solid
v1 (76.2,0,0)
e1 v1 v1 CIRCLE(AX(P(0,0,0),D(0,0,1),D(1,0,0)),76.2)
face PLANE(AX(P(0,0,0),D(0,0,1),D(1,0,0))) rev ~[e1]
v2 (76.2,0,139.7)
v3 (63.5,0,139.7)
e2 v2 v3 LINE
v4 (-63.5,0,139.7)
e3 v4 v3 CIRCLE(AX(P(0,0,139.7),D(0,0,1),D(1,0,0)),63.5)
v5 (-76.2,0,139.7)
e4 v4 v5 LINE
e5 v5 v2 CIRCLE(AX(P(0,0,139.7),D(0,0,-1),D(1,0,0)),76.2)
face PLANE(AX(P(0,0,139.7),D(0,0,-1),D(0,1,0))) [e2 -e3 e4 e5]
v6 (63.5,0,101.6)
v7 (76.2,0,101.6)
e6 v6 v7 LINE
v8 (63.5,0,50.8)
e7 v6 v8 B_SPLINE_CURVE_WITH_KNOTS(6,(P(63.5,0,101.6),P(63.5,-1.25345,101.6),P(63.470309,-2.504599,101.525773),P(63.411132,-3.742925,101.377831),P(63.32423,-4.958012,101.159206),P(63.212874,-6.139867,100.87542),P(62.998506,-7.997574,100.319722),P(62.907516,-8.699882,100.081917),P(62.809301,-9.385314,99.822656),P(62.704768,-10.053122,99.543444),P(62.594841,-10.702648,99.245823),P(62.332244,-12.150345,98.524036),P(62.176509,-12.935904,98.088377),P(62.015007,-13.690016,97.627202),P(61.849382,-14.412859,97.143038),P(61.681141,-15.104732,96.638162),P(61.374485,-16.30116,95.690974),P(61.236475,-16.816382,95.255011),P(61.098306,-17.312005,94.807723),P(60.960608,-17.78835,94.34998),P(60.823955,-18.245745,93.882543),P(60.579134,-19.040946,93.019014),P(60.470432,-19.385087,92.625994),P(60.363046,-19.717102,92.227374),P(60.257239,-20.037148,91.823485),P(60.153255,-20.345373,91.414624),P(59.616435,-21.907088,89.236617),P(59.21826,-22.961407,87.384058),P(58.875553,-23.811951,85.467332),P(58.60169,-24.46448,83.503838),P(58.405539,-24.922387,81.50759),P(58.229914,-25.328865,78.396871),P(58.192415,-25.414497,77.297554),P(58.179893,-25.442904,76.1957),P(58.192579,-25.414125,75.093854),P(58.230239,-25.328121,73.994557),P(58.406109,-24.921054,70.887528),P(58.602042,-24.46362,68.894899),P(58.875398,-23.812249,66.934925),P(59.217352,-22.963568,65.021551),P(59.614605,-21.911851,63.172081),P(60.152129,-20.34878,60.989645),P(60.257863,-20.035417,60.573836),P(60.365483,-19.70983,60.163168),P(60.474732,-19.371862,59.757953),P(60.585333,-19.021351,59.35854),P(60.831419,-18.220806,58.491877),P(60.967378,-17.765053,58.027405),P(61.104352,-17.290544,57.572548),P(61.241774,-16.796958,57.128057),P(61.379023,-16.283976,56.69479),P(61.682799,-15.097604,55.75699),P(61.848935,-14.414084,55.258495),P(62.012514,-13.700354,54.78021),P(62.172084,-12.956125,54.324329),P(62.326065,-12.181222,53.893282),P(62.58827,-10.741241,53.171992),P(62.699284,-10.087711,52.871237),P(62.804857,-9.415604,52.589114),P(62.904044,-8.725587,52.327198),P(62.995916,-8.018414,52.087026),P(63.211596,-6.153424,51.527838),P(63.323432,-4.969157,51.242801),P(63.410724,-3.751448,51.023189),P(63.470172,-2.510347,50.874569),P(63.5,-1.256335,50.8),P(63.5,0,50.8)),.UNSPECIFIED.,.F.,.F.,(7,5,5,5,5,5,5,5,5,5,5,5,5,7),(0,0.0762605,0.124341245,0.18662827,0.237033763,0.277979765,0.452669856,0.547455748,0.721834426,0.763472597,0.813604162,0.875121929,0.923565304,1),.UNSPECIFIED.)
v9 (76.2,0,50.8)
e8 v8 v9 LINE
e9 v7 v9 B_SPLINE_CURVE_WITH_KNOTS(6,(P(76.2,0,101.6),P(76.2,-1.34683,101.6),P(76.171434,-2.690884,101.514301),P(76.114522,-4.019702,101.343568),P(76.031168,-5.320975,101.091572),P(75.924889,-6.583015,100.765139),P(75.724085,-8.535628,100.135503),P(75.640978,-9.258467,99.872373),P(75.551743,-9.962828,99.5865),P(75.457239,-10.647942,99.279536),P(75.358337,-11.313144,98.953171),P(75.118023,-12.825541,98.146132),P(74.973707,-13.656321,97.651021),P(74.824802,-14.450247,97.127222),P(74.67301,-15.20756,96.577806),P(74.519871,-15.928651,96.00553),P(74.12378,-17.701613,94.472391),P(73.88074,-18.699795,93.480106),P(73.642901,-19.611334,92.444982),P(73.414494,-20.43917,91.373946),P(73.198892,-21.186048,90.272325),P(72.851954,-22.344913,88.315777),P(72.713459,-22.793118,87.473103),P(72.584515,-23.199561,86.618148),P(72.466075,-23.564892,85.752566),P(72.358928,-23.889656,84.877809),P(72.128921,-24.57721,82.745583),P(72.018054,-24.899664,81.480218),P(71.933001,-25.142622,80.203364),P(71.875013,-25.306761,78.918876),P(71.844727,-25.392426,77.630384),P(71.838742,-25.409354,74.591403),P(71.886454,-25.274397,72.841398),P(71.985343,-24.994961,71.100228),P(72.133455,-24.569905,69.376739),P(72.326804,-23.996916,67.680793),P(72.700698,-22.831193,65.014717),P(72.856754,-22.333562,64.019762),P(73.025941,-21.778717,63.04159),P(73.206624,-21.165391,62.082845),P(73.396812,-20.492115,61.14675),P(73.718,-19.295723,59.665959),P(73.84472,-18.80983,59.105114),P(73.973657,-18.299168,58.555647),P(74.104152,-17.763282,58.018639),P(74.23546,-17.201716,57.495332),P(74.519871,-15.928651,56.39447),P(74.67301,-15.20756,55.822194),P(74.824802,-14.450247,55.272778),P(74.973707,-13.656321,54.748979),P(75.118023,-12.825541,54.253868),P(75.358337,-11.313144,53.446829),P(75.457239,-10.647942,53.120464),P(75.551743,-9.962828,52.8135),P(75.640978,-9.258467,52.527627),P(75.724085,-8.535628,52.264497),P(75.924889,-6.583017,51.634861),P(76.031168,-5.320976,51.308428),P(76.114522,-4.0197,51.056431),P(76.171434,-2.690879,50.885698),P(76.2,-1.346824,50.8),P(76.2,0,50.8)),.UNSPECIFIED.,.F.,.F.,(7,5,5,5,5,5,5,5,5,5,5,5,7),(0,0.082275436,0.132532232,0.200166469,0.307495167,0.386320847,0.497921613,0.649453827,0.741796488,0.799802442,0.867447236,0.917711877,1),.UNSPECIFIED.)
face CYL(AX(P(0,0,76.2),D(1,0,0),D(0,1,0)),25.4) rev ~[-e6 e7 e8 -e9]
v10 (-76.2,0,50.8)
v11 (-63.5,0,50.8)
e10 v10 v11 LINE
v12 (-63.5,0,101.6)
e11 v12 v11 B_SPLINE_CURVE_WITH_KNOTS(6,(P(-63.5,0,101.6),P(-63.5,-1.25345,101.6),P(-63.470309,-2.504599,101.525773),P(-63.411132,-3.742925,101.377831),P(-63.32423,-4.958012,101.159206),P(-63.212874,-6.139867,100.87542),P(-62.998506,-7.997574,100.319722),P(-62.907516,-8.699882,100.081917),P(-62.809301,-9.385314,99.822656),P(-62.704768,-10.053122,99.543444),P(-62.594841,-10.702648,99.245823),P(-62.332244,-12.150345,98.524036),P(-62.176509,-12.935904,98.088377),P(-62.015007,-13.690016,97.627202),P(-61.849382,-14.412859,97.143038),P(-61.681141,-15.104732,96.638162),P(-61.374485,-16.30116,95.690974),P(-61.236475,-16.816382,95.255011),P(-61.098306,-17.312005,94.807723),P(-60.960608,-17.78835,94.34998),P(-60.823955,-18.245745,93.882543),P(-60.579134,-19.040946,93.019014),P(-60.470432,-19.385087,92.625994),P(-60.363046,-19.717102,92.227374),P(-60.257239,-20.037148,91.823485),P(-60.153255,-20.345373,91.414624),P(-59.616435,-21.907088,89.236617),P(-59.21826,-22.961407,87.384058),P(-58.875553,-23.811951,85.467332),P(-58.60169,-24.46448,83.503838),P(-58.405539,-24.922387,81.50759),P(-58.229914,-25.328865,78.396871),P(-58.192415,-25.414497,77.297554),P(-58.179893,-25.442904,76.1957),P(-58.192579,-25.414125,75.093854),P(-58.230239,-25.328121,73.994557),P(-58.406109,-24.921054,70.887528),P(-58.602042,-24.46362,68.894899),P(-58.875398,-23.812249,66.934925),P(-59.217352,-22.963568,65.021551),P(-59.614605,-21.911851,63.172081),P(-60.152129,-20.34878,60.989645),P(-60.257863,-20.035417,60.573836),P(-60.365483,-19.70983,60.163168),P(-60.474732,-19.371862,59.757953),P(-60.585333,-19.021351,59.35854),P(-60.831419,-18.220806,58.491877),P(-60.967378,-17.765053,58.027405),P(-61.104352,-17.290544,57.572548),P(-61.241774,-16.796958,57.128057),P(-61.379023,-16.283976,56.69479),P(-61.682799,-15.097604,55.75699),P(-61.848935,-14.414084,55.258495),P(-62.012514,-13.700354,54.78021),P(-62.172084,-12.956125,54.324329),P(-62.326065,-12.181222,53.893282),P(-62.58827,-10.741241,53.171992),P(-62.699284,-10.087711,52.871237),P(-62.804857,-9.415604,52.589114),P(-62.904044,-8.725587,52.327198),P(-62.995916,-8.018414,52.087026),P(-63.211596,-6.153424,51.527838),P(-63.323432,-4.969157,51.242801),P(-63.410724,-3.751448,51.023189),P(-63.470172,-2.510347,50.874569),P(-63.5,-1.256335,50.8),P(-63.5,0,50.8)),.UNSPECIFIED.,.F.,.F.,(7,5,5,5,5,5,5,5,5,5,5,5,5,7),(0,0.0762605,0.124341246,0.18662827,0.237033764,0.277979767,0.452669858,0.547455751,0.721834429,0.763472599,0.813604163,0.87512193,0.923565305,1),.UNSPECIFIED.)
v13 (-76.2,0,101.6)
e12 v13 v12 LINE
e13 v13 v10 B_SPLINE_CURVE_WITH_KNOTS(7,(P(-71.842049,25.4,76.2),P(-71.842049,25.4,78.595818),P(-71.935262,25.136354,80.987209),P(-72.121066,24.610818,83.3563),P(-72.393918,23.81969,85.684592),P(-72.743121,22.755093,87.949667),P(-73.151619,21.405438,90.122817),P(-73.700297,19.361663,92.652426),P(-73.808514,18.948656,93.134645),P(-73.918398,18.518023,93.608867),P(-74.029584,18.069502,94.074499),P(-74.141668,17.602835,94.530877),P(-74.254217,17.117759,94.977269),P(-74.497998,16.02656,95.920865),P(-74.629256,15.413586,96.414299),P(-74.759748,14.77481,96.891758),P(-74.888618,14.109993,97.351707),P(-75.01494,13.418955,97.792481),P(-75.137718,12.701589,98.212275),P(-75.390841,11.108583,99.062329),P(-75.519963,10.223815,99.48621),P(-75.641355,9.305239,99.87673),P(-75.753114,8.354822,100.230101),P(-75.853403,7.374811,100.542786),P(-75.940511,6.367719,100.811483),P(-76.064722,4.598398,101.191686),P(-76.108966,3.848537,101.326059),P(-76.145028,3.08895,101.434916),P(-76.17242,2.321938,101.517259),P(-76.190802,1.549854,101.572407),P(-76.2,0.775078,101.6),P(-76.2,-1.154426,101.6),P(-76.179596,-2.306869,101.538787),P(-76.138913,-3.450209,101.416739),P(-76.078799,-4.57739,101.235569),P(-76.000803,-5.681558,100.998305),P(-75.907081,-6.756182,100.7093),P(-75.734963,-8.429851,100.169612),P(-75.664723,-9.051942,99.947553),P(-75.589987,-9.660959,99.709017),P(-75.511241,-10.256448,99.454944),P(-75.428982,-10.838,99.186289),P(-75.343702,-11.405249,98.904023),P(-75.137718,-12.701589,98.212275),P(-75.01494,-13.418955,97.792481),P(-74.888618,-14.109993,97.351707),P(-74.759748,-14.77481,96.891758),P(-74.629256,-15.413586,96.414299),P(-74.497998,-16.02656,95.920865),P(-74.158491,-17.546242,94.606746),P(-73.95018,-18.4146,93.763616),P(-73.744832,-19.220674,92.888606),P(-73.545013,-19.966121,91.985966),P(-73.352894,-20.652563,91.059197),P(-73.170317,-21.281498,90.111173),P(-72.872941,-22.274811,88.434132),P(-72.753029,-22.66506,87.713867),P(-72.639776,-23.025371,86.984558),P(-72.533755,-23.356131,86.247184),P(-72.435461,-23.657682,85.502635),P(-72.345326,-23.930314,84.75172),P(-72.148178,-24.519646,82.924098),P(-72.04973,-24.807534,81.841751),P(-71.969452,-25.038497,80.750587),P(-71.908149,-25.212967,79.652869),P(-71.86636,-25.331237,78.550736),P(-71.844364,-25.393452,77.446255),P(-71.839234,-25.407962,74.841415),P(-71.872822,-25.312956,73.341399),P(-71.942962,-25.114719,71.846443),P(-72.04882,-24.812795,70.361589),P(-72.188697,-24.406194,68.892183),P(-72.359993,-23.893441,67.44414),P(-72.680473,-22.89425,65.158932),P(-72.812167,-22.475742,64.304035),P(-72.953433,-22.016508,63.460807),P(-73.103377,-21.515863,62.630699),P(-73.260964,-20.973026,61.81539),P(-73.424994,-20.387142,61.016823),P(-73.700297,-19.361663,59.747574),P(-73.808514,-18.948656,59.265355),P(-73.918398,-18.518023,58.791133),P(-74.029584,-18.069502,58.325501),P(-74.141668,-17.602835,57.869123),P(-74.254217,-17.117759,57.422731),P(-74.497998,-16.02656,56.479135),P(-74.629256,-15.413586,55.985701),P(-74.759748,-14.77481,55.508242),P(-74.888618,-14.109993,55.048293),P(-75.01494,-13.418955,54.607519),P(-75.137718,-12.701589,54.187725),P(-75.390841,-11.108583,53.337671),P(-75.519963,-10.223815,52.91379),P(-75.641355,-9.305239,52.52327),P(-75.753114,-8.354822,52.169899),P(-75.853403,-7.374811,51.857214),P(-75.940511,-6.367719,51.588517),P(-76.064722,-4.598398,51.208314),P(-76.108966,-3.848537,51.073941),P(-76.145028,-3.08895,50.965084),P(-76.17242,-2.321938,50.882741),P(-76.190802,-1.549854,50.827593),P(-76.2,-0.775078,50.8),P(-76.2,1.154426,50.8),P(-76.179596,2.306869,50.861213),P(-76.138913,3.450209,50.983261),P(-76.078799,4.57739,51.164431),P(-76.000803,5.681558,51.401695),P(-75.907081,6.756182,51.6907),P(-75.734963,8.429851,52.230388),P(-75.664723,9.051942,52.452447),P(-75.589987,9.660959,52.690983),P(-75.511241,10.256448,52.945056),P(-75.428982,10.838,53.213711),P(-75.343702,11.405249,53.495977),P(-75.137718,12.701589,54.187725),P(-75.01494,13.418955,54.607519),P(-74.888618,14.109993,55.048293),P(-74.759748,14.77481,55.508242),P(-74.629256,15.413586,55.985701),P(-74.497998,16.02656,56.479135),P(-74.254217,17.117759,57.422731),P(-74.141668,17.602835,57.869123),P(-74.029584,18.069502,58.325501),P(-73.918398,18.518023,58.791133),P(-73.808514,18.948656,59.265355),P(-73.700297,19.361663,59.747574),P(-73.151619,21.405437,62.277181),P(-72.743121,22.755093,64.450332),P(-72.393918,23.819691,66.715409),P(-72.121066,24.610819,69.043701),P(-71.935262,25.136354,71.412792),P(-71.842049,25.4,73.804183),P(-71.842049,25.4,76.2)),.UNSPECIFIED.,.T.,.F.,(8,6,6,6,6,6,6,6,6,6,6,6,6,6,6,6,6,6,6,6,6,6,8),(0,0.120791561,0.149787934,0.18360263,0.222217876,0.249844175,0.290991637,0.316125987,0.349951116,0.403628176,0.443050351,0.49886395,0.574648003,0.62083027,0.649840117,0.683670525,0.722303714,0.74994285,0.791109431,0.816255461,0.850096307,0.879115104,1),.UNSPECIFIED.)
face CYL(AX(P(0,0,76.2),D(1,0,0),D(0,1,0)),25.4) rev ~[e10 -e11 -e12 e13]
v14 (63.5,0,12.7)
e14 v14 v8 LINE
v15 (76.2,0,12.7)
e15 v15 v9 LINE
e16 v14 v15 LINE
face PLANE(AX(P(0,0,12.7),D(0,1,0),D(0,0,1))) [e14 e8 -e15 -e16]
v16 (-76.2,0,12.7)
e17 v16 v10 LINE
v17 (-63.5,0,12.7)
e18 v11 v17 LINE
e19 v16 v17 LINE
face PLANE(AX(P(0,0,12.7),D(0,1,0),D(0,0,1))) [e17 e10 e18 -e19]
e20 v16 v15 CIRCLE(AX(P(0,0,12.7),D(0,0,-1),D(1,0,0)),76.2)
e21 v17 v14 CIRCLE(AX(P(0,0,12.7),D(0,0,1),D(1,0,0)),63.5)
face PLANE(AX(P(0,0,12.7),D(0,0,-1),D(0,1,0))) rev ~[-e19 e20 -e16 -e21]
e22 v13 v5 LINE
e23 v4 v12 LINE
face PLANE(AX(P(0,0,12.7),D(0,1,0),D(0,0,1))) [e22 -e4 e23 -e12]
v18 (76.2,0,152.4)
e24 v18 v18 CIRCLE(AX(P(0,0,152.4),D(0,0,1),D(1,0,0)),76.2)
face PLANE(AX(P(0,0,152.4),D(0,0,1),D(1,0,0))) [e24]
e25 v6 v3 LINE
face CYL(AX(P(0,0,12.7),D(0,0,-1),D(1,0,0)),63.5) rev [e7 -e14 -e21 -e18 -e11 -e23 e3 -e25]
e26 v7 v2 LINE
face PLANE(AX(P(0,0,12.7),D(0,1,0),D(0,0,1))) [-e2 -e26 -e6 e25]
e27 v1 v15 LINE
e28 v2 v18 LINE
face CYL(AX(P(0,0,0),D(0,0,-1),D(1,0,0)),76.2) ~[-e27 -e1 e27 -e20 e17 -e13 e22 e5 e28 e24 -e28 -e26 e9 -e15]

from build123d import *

# Parameters (mm, degrees)
F0_R     = 76.2
F1_DEPTH = 152.4
F2_W     = 76.771498
F2_H     = 127
F3_DEPTH = 76.2
F4_R     = 63.5
F5_DEPTH = 127
F6_R     = 25.4
F7_DEPTH = 76.2


with BuildPart() as f1:
    # F0 (on Top) → F1 (new body)
    with BuildSketch(Plane.XY):
        Circle(F0_R)
    extrude(amount=F1_DEPTH)

    # F2 (on Right) → F3 (cut, symmetric)
    with BuildSketch(Plane.YZ):
        with Locations((38.385749, 76.2)):
            Rectangle(F2_W, F2_H)
    extrude(amount=F3_DEPTH, both=True, mode=Mode.SUBTRACT)

    # F4 (on face) → F5 (cut)
    with BuildSketch(Plane.XY.offset(12.7)):
        Circle(F4_R)
    extrude(amount=F5_DEPTH, mode=Mode.SUBTRACT)

    # F6 (on Right) → F7 (cut, symmetric)
    with BuildSketch(Plane.YZ):
        with Locations((0, 76.2)):
            Circle(F6_R)
    extrude(amount=F7_DEPTH, both=True, mode=Mode.SUBTRACT)


solid = f1.part
